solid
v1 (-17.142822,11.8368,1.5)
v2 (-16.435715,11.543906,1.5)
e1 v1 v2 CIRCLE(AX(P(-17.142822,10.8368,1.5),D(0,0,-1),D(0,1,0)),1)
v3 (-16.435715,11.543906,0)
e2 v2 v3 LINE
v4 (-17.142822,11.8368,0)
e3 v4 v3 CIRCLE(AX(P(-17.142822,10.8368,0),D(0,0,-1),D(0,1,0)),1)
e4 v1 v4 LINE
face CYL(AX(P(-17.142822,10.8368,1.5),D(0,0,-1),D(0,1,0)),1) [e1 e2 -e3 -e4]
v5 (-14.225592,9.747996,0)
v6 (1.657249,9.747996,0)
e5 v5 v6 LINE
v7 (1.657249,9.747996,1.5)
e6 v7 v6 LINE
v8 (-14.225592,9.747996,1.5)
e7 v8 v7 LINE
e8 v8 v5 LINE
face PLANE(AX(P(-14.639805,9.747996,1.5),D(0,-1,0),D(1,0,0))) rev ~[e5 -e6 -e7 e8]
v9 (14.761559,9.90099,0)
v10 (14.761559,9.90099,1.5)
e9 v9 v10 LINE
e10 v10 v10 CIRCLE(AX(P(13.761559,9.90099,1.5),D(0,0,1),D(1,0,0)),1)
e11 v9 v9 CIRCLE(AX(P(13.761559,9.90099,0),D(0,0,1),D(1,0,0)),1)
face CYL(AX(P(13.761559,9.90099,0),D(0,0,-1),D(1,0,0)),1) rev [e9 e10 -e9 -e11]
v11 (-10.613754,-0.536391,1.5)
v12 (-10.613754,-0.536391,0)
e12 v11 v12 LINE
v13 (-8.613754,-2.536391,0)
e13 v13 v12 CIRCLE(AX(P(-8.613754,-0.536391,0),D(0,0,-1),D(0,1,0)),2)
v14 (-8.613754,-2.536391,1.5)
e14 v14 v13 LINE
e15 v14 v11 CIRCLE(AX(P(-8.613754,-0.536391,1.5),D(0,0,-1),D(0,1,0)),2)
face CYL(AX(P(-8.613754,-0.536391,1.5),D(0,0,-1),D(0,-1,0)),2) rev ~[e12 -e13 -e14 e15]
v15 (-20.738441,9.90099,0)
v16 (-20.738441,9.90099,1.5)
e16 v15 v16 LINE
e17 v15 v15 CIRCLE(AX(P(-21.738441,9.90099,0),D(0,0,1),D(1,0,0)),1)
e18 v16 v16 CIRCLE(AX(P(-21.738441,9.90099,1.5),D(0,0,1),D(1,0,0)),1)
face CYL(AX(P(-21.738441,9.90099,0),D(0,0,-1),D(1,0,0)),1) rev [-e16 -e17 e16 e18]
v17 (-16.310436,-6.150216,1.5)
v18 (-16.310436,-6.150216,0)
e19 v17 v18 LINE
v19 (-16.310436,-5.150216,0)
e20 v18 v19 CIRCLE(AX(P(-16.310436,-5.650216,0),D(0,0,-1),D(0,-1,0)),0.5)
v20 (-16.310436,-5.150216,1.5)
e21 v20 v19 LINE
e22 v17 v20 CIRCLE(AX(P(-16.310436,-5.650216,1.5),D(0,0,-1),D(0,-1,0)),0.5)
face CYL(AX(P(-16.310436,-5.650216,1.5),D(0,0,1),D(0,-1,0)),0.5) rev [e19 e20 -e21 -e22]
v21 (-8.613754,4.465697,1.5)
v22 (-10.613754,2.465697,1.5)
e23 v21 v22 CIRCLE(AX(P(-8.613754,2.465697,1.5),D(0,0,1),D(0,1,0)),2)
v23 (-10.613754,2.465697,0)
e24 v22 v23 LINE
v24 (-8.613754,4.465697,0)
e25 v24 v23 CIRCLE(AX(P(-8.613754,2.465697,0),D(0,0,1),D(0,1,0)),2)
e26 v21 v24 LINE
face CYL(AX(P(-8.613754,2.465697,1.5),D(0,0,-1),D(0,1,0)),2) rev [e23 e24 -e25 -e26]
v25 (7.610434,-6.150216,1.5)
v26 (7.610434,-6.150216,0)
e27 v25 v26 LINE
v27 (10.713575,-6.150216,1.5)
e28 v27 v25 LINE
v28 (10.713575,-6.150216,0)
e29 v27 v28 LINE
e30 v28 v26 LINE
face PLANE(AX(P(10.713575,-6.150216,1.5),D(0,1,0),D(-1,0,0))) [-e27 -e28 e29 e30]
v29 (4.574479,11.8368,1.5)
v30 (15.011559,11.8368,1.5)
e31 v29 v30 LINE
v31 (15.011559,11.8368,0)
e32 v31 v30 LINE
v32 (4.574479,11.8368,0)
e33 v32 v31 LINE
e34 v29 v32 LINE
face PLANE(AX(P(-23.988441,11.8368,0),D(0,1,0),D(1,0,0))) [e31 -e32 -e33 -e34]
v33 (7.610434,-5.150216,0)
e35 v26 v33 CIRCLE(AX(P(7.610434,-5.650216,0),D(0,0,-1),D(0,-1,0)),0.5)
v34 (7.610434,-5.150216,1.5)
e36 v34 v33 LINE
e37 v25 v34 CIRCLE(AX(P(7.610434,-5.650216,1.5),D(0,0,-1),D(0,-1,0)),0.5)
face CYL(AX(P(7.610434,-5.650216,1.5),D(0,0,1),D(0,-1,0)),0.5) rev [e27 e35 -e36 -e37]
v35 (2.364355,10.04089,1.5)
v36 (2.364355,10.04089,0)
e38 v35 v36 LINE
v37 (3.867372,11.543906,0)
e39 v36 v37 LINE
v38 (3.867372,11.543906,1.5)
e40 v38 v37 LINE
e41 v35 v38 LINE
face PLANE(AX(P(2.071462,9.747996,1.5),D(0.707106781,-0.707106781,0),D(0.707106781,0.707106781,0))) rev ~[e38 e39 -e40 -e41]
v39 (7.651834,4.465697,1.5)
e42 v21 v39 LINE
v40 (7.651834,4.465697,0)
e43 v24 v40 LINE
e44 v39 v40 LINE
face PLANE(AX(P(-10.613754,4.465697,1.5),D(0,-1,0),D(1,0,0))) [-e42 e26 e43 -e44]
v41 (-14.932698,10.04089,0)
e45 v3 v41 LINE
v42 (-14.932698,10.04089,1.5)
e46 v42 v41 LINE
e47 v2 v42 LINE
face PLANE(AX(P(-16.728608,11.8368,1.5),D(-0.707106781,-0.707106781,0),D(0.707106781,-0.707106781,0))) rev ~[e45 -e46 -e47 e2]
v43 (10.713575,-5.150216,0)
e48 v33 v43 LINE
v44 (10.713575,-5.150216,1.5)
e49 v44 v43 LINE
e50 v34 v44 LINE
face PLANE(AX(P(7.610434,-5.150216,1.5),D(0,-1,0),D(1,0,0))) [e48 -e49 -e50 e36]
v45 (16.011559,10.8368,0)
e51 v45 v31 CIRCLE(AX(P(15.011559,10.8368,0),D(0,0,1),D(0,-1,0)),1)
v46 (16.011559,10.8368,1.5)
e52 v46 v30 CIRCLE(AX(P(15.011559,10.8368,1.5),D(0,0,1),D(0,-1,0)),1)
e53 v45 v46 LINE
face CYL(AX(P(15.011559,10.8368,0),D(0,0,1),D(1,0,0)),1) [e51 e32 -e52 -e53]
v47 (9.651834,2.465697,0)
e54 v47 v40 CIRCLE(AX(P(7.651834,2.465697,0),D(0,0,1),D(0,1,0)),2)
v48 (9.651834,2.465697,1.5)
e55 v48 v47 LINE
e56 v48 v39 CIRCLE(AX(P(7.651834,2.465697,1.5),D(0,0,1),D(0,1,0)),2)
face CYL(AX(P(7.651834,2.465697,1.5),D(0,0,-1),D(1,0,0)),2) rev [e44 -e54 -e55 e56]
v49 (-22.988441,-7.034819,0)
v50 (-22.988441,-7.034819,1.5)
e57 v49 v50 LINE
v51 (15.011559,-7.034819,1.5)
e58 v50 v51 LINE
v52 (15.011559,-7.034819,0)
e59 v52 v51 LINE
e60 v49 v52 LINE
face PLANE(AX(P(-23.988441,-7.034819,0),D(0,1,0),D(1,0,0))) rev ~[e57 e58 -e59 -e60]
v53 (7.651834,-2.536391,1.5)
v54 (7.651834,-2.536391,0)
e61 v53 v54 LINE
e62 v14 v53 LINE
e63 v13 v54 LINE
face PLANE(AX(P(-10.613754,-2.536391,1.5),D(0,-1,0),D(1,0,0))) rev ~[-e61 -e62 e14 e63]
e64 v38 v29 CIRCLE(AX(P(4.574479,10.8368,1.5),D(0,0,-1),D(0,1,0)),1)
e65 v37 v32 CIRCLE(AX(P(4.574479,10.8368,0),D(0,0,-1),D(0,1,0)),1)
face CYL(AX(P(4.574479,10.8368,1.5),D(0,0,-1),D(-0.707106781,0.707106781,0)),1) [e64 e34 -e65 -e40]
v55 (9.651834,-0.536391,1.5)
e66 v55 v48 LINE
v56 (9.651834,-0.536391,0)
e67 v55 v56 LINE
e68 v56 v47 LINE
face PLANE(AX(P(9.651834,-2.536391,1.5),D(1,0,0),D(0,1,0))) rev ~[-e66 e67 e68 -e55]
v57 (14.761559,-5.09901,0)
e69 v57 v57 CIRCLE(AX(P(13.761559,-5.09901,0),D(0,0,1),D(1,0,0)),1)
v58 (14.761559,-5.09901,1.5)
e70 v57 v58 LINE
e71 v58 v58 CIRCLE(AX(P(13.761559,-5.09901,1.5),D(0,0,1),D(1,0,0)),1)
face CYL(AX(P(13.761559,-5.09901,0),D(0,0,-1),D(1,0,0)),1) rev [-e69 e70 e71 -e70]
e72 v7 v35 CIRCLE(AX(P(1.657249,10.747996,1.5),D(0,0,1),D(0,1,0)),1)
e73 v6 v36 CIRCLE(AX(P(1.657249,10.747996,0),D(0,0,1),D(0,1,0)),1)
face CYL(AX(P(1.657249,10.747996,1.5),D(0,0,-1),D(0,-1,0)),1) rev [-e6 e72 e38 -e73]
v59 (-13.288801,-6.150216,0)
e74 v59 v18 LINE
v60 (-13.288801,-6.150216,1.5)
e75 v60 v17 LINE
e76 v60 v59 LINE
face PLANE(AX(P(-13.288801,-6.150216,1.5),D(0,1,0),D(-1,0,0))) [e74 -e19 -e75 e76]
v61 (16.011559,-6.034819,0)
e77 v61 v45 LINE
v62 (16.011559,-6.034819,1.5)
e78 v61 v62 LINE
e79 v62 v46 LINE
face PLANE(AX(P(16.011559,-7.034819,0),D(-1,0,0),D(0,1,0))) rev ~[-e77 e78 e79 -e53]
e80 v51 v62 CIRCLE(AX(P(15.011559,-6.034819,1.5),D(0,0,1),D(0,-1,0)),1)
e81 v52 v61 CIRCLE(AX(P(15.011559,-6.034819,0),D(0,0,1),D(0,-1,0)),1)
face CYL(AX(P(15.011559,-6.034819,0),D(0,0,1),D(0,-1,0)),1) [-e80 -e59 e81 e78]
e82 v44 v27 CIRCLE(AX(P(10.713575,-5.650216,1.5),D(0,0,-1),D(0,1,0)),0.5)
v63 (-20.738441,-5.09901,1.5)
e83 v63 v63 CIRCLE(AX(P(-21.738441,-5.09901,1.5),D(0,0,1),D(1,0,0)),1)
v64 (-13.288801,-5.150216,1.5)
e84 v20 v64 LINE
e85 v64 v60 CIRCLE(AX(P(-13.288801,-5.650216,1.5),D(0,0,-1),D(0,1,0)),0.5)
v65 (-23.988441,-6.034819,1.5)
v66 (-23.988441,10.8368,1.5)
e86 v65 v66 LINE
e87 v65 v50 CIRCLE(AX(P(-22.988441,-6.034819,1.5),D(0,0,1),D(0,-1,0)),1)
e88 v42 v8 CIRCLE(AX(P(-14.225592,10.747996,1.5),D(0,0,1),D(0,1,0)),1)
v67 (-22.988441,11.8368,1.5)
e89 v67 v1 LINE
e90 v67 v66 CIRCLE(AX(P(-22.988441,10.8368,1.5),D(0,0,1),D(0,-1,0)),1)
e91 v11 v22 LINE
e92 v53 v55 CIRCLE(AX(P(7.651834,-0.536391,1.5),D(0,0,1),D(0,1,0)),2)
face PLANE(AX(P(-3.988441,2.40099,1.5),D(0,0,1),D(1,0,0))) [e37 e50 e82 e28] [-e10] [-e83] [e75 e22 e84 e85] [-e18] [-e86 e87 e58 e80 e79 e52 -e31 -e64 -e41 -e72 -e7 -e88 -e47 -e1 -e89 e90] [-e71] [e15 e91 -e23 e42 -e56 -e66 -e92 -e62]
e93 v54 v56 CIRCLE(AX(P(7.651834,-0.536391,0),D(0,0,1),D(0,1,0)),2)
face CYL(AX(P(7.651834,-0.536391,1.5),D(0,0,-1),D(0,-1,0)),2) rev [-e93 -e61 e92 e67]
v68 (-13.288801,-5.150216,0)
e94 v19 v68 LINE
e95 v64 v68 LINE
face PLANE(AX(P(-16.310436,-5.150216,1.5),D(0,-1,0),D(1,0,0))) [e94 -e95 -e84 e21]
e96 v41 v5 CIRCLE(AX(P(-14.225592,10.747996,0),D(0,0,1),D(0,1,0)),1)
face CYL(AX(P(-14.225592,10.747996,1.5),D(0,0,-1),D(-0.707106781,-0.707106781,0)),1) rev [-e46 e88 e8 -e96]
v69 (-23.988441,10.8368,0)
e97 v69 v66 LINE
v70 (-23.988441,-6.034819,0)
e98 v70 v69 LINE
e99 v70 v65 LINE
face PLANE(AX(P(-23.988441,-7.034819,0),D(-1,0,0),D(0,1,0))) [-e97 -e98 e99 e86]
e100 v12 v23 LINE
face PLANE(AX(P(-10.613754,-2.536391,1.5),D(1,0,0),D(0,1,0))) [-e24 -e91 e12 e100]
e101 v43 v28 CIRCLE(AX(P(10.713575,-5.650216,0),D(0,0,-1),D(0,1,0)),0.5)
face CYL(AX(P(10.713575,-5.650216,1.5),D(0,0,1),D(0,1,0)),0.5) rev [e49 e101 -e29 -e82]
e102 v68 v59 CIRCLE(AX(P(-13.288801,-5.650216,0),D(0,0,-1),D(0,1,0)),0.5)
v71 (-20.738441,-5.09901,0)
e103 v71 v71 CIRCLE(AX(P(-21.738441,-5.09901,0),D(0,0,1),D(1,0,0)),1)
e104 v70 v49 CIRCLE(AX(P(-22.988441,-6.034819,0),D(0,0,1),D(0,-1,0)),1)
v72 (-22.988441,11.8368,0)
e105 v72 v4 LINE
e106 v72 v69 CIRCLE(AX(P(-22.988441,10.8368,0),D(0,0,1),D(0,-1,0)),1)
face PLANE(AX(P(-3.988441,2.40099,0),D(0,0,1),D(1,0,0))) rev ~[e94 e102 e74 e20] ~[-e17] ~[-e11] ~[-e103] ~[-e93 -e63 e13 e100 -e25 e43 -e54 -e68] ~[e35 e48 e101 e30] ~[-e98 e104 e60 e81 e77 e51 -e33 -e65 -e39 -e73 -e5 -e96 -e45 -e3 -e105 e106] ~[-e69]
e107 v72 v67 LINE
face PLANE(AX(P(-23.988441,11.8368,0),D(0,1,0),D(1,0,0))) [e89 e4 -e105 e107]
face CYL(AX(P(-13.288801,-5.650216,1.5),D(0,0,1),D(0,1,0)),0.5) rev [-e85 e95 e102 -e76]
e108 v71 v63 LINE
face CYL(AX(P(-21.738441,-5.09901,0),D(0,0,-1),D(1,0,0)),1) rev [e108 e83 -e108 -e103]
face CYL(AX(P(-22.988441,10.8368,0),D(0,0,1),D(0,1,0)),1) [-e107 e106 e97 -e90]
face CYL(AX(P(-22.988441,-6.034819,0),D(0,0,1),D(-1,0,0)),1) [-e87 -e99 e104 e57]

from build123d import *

# Parameters (mm, degrees)
SKETCH_1_W          = 40
SKETCH_1_H          = 18.871619184
SKETCH_1_R          = 1
EXTRUDE_1_DEPTH     = 1.5
SKETCH_2_W          = 20.265588098
SKETCH_2_H          = 7.002088202
CUT_EXTRUDE_1_DEPTH = 1.5
FILLET_1_R          = 1
FILLET_2_R          = 1
FILLET_3_R          = 2


with BuildPart() as part:
    # 草图1 → 凸台-拉伸1 (new body)
    with BuildSketch(Plane.XY):
        with Locations((-3.988440653, 2.400990099)):
            Rectangle(SKETCH_1_W, SKETCH_1_H)
        with Locations((-21.738440653, 9.900990099)):
            Circle(SKETCH_1_R, mode=Mode.SUBTRACT)
        with Locations((-21.738440653, -5.099009901)):
            Circle(SKETCH_1_R, mode=Mode.SUBTRACT)
        with Locations((13.761559347, -5.099009901)):
            Circle(SKETCH_1_R, mode=Mode.SUBTRACT)
        with Locations((13.761559347, 9.900990099)):
            Circle(SKETCH_1_R, mode=Mode.SUBTRACT)
    extrude(amount=EXTRUDE_1_DEPTH)

    # 草图2 → 切除-拉伸1 (cut)
    with BuildSketch(Plane.XY.offset(1.5)):
        Polygon((-16.728608447, 11.836799691), (-14.639805099, 9.747996342), (2.071462084, 9.747996342), (5.519738876, 13.196273134), (-14.871851344, 13.196273134), align=None)
        with Locations((-0.480960338, 0.9646533)):
            Rectangle(SKETCH_2_W, SKETCH_2_H)
        with BuildLine():
            Line((-16.310435566, -5.15021554), (-13.288801442, -5.15021554))
            ThreePointArc((-13.288801442, -5.15021554), (-12.788801442, -5.65021554), (-13.288801442, -6.15021554))
            Line((-13.288801442, -6.15021554), (-16.310435566, -6.15021554))
            ThreePointArc((-16.310435566, -6.15021554), (-16.810435566, -5.65021554), (-16.310435566, -5.15021554))
        make_face()
        with BuildLine():
            Line((7.610434302, -5.15021554), (10.713575026, -5.15021554))
            ThreePointArc((10.713575026, -5.15021554), (11.213575026, -5.65021554), (10.713575026, -6.15021554))
            Line((10.713575026, -6.15021554), (7.610434302, -6.15021554))
            ThreePointArc((7.610434302, -6.15021554), (7.110434302, -5.65021554), (7.610434302, -5.15021554))
        make_face()
    extrude(amount=-CUT_EXTRUDE_1_DEPTH, mode=Mode.SUBTRACT)

    # 圆角1
    fillet_1_edges = [part.edges().sort_by_distance(p)[0] for p in [
        (4.160265432, 11.836799691, 0.75),
        (-16.728608447, 11.836799691, 0.75),
        (2.071462084, 9.747996342, 0.75),
        (-14.639805099, 9.747996342, 0.75),
    ]]
    fillet(fillet_1_edges, radius=FILLET_1_R)

    # 圆角2
    fillet_2_edges = [part.edges().sort_by_distance(p)[0] for p in [
        (16.011559347, -7.034819493, 0.75),
        (-23.988440653, -7.034819493, 0.75),
        (-23.988440653, 11.836799691, 0.75),
        (16.011559347, 11.836799691, 0.75),
    ]]
    fillet(fillet_2_edges, radius=FILLET_2_R)

    # 圆角3
    fillet_3_edges = [part.edges().sort_by_distance(p)[0] for p in [
        (9.651833711, 4.465697401, 0.75),
        (9.651833711, -2.536390801, 0.75),
        (-10.613754387, -2.536390801, 0.75),
        (-10.613754387, 4.465697401, 0.75),
    ]]
    fillet(fillet_3_edges, radius=FILLET_3_R)


solid = part.part
